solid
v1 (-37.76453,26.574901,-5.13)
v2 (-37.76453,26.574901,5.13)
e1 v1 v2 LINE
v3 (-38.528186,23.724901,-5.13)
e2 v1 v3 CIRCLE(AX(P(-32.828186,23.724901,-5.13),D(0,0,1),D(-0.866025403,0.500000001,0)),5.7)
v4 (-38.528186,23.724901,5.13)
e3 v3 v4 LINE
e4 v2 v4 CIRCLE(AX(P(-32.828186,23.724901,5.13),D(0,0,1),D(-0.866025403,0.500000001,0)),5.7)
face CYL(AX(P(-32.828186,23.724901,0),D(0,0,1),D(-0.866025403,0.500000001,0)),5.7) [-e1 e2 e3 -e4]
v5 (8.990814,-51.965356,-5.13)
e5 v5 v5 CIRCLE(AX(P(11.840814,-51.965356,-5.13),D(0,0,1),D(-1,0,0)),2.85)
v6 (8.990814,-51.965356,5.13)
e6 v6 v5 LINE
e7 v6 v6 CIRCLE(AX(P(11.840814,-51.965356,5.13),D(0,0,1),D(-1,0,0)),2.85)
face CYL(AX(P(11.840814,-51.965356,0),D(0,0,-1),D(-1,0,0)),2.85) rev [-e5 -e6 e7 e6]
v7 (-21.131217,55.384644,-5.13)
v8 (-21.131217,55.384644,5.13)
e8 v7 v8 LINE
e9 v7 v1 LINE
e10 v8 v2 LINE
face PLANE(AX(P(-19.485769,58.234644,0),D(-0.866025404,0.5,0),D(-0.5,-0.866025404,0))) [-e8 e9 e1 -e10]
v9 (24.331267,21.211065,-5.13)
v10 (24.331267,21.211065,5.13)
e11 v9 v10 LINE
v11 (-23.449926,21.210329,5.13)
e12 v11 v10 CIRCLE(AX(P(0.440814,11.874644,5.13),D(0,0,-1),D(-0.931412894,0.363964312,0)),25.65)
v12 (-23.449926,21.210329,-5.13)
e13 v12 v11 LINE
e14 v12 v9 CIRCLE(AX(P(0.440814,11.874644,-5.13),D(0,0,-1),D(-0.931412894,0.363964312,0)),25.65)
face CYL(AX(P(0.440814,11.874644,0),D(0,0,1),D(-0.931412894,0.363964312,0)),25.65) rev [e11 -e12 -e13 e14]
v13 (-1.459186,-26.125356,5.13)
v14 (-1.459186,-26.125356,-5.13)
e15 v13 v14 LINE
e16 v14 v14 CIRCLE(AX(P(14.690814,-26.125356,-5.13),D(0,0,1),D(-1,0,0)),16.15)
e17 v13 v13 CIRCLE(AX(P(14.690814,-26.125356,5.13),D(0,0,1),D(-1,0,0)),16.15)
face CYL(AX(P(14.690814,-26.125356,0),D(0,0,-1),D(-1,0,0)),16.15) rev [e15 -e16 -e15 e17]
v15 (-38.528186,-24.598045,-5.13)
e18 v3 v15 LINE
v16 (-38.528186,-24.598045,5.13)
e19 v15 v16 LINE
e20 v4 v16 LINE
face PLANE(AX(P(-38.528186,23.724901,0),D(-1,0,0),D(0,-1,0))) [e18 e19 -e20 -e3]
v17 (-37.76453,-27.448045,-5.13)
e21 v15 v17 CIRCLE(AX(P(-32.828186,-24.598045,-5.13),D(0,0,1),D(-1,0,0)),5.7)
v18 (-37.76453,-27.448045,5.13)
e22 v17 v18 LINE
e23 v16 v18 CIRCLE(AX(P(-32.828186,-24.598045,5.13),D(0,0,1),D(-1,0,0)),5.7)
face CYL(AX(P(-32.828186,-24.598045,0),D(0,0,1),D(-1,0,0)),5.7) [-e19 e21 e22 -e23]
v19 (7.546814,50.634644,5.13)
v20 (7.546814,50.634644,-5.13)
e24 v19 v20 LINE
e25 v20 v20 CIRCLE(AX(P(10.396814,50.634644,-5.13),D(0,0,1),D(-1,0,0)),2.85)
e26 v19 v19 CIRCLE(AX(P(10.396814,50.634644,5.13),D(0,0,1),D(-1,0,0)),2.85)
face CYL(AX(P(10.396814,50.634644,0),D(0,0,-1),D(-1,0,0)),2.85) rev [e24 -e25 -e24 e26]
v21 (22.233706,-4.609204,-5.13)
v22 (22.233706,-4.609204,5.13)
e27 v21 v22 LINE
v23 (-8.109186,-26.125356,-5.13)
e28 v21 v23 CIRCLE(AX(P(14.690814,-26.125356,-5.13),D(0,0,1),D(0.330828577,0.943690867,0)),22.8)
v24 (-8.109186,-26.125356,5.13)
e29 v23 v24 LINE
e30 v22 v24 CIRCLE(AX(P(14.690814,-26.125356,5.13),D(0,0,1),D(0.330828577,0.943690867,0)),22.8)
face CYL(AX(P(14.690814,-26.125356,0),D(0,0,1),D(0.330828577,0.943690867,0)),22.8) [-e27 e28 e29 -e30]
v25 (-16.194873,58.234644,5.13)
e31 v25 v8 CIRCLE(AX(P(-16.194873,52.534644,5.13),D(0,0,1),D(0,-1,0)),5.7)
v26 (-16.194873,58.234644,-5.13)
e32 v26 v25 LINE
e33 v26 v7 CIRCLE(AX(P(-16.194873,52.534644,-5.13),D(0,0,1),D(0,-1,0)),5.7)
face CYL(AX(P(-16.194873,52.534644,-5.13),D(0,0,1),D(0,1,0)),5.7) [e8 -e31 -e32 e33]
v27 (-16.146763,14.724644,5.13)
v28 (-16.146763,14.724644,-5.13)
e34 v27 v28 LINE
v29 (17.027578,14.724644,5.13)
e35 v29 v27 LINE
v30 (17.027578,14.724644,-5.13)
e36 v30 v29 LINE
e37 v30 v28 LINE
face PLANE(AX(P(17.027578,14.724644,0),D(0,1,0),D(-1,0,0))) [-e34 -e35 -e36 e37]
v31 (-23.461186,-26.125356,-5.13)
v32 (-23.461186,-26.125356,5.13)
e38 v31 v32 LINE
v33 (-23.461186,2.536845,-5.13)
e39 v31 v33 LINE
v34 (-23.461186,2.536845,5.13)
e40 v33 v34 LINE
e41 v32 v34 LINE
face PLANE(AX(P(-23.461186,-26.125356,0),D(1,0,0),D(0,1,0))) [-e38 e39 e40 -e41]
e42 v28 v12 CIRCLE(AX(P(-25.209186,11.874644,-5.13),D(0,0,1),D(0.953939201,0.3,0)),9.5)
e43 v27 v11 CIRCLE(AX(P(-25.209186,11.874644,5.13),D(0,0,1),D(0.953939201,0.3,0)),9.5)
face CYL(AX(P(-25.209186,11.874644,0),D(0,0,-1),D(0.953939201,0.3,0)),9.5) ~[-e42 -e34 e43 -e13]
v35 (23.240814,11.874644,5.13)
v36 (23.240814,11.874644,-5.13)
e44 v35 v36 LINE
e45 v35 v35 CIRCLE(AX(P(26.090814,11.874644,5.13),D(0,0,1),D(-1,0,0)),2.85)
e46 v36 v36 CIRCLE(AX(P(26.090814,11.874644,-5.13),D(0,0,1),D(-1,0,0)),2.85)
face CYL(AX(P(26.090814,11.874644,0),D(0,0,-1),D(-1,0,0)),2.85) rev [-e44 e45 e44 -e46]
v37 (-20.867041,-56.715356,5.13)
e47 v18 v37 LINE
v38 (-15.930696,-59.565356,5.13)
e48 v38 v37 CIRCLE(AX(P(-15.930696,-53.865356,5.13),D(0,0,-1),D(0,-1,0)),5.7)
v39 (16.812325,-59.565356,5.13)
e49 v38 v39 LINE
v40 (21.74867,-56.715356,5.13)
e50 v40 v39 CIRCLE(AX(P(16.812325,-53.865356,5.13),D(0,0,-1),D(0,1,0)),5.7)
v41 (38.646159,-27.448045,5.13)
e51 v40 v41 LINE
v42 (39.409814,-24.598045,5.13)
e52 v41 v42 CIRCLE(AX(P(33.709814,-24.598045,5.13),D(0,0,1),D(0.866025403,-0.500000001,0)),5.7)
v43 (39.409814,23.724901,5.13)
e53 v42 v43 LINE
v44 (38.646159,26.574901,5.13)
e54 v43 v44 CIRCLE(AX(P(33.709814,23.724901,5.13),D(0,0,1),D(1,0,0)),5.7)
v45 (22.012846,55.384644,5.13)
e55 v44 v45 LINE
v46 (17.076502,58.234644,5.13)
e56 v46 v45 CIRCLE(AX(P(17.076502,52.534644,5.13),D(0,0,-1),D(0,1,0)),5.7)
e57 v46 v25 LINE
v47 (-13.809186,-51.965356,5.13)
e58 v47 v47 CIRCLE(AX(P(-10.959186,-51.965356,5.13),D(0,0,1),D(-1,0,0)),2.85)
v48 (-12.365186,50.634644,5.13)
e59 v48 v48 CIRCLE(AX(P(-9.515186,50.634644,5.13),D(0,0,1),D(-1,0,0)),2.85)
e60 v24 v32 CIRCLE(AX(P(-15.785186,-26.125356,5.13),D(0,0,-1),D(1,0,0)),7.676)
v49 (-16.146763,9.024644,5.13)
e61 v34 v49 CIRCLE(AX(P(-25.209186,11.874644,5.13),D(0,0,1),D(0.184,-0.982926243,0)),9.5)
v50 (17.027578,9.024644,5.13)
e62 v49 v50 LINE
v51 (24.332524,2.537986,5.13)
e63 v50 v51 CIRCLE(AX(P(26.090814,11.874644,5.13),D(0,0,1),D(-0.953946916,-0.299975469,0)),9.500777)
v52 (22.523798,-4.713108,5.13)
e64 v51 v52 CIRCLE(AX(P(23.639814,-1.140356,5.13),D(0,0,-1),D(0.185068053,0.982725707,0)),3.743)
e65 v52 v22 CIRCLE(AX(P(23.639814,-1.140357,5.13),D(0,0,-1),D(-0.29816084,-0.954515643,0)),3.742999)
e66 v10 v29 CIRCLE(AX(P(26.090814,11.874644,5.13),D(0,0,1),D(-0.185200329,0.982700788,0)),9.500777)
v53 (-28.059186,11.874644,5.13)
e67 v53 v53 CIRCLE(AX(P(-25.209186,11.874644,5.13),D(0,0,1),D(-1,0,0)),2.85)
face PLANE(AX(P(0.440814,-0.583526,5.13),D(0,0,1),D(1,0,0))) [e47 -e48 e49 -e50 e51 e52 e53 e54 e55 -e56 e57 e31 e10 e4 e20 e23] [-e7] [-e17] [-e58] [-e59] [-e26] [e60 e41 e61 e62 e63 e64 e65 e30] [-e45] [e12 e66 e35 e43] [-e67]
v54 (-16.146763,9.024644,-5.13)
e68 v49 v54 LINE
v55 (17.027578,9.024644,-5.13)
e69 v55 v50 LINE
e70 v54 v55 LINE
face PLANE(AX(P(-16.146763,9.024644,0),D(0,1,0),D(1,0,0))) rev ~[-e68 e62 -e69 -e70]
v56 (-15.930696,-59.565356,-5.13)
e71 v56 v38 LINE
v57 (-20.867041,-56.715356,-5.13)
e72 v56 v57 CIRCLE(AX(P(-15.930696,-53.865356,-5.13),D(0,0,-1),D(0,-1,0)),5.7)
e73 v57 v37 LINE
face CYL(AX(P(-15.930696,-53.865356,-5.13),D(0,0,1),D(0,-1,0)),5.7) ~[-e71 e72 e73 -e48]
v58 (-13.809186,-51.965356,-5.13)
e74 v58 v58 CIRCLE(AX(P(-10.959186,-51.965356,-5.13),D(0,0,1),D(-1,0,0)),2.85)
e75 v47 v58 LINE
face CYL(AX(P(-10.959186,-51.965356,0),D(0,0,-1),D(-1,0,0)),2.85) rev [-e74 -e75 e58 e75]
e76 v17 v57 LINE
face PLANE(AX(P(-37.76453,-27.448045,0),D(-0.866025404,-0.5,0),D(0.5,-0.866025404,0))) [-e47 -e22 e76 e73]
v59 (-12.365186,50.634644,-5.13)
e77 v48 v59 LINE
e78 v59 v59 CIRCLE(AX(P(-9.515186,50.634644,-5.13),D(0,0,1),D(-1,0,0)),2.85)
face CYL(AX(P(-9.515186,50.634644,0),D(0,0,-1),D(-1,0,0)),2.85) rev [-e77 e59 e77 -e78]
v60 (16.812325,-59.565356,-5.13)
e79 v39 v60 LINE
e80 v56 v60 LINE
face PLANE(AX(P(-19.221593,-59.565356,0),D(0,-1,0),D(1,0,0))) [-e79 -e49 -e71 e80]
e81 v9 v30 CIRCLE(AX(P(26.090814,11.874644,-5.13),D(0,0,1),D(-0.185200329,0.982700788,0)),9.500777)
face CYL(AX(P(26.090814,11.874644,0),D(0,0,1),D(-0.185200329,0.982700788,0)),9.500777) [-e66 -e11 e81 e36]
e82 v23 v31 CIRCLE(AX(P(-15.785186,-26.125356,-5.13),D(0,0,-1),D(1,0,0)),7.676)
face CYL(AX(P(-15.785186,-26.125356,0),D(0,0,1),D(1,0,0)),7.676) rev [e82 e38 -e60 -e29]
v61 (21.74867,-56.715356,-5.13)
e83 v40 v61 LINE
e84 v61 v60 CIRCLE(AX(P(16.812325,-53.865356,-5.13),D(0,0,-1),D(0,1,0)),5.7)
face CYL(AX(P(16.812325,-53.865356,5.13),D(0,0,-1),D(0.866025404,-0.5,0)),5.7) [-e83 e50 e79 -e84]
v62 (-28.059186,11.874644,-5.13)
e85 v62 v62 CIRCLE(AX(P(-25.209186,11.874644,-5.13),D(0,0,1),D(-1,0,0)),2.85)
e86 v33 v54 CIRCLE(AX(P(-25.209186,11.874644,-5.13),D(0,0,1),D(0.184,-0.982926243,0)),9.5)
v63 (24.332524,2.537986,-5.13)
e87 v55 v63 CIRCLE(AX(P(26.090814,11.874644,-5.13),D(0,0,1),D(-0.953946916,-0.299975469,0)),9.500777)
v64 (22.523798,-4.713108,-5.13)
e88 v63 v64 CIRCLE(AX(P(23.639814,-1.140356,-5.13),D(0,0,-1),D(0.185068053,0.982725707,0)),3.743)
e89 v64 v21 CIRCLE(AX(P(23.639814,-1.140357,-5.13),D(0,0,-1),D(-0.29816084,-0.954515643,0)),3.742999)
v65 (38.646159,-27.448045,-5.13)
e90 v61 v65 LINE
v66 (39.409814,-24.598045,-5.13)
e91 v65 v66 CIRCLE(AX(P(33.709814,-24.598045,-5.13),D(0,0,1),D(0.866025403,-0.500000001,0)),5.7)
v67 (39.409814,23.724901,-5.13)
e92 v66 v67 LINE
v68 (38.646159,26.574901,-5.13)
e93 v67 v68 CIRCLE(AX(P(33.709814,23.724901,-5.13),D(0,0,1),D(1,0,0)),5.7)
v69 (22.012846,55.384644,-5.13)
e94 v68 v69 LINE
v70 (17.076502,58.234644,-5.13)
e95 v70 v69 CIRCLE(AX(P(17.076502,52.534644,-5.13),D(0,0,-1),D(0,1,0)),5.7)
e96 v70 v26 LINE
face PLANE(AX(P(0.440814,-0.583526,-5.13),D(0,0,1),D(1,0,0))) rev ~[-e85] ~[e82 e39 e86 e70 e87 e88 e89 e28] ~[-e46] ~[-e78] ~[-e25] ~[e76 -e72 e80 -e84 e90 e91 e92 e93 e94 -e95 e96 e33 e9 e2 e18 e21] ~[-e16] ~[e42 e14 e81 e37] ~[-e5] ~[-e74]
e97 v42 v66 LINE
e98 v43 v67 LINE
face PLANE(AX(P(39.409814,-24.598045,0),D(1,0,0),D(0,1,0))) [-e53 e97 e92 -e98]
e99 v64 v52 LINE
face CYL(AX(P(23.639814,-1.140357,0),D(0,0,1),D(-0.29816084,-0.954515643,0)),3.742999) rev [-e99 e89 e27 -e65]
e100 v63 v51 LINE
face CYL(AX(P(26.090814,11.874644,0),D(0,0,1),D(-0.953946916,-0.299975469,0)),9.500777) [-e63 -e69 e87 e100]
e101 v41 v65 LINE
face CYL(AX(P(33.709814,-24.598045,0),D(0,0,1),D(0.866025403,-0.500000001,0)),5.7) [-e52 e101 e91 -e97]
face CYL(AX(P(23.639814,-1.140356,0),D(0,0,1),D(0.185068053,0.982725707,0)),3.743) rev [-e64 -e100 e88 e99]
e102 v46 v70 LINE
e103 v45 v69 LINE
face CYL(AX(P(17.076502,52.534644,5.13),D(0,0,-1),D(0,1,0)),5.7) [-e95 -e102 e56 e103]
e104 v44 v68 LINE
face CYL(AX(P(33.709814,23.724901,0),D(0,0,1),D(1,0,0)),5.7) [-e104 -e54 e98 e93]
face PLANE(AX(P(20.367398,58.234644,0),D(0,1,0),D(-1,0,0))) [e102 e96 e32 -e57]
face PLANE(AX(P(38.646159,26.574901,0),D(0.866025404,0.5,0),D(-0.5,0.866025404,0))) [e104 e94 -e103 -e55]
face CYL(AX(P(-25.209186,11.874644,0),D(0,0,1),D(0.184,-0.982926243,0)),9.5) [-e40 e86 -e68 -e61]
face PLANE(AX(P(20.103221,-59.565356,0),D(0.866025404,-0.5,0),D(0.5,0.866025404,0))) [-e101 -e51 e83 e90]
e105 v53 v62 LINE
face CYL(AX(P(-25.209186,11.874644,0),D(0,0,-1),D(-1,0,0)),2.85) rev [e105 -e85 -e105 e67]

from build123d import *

# Parameters (mm, degrees)
SKETCH1_R           = 1.5
SKETCH1_R_2         = 8.5
BOSS_EXTRUDE1_DEPTH = 2.7
FILLET1_R           = 3
SCALE1_SCALE        = 1.9


with BuildPart() as part:
    # Sketch1 → Boss-Extrude1 (new, symmetric)
    with BuildSketch(Plane.XY):
        with BuildLine():
            Line((10.487675588, 31), (-10.487675588, 31))
            Line((-10.487675588, 31), (-20.108076211, 14.336977332))
            ThreePointArc((-20.108076211, 14.336977332), (-20.407777479, 13.613434467), (-20.51, 12.836977332))
            Line((-20.51, 12.836977332), (-20.51, -12.596152423))
            ThreePointArc((-20.51, -12.596152423), (-20.407777479, -13.372609558), (-20.108076211, -14.096152423))
            Line((-20.108076211, -14.096152423), (-10.348635262, -31))
            Line((-10.348635262, -31), (10.348635262, -31))
            Line((10.348635262, -31), (20.108076211, -14.096152423))
            ThreePointArc((20.108076211, -14.096152423), (20.407777479, -13.372609558), (20.51, -12.596152423))
            Line((20.51, -12.596152423), (20.51, 12.836977332))
            ThreePointArc((20.51, 12.836977332), (20.407777479, 13.613434467), (20.108076211, 14.336977332))
            Line((20.108076211, 14.336977332), (10.487675588, 31))
        make_face()
        with Locations(Location((-6, -27, 0), (0, 0, 180))):
            Circle(SKETCH1_R, mode=Mode.SUBTRACT)
        with Locations(Location((6, -27, 0), (0, 0, 180))):
            Circle(SKETCH1_R, mode=Mode.SUBTRACT)
        with Locations(Location((7.5, -13.4, 0), (0, 0, 180))):
            Circle(SKETCH1_R_2, mode=Mode.SUBTRACT)
        with BuildLine():
            ThreePointArc((-4.5, -13.4), (-8.54, -17.44), (-12.58, -13.4))
            Line((-12.58, -13.4), (-12.58, 1.685368783))
            ThreePointArc((-12.58, 1.685368783), (-10.18215631, 2.859423407), (-8.730303993, 5.1))
            Line((-8.730303993, 5.1), (8.729875369, 5.1))
            ThreePointArc((8.729875369, 5.1), (10.179804764, 2.860963681), (12.574584064, 1.685969643))
            ThreePointArc((12.574584064, 1.685969643), (14.121431526, -0.726790857), (11.622623122, -2.13039581))
            ThreePointArc((11.622623122, -2.13039581), (11.545720037, -2.104624526), (11.469942926, -2.075709596))
            ThreePointArc((11.469942926, -2.075709596), (0.558793877, -3.611248417), (-4.5, -13.4))
        make_face(mode=Mode.SUBTRACT)
        with Locations(Location((-13.5, 6.6, 0), (0, 0, 180))):
            Circle(SKETCH1_R, mode=Mode.SUBTRACT)
        with BuildLine():
            Line((8.729875369, 8.1), (-8.730303993, 8.1))
            ThreePointArc((-8.730303993, 8.1), (-10.179901517, 10.338575405), (-12.574074074, 11.513518208))
            ThreePointArc((-12.574074074, 11.513518208), (-0.00020804, 20.099999998), (12.57392263, 11.513905748))
            ThreePointArc((12.57392263, 11.513905748), (10.179553129, 10.338812856), (8.729875369, 8.1))
        make_face(mode=Mode.SUBTRACT)
        with Locations(Location((-5.24, 27, 0), (0, 0, 180))):
            Circle(SKETCH1_R, mode=Mode.SUBTRACT)
        with Locations(Location((13.5, 6.6, 0), (0, 0, 180))):
            Circle(SKETCH1_R, mode=Mode.SUBTRACT)
        with Locations(Location((5.24, 27, 0), (0, 0, 180))):
            Circle(SKETCH1_R, mode=Mode.SUBTRACT)
    extrude(amount=BOSS_EXTRUDE1_DEPTH, both=True)

    # Fillet1
    fillet1_edges = [part.edges().sort_by_distance(p)[0] for p in [
        (-10.487675588, 31, 0),
        (10.487675588, 31, 0),
        (10.348635262, -31, 0),
        (-10.348635262, -31, 0),
    ]]
    fillet(fillet1_edges, radius=FILLET1_R)


with BuildPart() as part_1:
    # Scale1: scaled about (-0.489793852, 0.73928426, 0)
    add(part.part.scale(SCALE1_SCALE).moved(Location((0.440814467, -0.665355834, 0))))


solid = part_1.part
